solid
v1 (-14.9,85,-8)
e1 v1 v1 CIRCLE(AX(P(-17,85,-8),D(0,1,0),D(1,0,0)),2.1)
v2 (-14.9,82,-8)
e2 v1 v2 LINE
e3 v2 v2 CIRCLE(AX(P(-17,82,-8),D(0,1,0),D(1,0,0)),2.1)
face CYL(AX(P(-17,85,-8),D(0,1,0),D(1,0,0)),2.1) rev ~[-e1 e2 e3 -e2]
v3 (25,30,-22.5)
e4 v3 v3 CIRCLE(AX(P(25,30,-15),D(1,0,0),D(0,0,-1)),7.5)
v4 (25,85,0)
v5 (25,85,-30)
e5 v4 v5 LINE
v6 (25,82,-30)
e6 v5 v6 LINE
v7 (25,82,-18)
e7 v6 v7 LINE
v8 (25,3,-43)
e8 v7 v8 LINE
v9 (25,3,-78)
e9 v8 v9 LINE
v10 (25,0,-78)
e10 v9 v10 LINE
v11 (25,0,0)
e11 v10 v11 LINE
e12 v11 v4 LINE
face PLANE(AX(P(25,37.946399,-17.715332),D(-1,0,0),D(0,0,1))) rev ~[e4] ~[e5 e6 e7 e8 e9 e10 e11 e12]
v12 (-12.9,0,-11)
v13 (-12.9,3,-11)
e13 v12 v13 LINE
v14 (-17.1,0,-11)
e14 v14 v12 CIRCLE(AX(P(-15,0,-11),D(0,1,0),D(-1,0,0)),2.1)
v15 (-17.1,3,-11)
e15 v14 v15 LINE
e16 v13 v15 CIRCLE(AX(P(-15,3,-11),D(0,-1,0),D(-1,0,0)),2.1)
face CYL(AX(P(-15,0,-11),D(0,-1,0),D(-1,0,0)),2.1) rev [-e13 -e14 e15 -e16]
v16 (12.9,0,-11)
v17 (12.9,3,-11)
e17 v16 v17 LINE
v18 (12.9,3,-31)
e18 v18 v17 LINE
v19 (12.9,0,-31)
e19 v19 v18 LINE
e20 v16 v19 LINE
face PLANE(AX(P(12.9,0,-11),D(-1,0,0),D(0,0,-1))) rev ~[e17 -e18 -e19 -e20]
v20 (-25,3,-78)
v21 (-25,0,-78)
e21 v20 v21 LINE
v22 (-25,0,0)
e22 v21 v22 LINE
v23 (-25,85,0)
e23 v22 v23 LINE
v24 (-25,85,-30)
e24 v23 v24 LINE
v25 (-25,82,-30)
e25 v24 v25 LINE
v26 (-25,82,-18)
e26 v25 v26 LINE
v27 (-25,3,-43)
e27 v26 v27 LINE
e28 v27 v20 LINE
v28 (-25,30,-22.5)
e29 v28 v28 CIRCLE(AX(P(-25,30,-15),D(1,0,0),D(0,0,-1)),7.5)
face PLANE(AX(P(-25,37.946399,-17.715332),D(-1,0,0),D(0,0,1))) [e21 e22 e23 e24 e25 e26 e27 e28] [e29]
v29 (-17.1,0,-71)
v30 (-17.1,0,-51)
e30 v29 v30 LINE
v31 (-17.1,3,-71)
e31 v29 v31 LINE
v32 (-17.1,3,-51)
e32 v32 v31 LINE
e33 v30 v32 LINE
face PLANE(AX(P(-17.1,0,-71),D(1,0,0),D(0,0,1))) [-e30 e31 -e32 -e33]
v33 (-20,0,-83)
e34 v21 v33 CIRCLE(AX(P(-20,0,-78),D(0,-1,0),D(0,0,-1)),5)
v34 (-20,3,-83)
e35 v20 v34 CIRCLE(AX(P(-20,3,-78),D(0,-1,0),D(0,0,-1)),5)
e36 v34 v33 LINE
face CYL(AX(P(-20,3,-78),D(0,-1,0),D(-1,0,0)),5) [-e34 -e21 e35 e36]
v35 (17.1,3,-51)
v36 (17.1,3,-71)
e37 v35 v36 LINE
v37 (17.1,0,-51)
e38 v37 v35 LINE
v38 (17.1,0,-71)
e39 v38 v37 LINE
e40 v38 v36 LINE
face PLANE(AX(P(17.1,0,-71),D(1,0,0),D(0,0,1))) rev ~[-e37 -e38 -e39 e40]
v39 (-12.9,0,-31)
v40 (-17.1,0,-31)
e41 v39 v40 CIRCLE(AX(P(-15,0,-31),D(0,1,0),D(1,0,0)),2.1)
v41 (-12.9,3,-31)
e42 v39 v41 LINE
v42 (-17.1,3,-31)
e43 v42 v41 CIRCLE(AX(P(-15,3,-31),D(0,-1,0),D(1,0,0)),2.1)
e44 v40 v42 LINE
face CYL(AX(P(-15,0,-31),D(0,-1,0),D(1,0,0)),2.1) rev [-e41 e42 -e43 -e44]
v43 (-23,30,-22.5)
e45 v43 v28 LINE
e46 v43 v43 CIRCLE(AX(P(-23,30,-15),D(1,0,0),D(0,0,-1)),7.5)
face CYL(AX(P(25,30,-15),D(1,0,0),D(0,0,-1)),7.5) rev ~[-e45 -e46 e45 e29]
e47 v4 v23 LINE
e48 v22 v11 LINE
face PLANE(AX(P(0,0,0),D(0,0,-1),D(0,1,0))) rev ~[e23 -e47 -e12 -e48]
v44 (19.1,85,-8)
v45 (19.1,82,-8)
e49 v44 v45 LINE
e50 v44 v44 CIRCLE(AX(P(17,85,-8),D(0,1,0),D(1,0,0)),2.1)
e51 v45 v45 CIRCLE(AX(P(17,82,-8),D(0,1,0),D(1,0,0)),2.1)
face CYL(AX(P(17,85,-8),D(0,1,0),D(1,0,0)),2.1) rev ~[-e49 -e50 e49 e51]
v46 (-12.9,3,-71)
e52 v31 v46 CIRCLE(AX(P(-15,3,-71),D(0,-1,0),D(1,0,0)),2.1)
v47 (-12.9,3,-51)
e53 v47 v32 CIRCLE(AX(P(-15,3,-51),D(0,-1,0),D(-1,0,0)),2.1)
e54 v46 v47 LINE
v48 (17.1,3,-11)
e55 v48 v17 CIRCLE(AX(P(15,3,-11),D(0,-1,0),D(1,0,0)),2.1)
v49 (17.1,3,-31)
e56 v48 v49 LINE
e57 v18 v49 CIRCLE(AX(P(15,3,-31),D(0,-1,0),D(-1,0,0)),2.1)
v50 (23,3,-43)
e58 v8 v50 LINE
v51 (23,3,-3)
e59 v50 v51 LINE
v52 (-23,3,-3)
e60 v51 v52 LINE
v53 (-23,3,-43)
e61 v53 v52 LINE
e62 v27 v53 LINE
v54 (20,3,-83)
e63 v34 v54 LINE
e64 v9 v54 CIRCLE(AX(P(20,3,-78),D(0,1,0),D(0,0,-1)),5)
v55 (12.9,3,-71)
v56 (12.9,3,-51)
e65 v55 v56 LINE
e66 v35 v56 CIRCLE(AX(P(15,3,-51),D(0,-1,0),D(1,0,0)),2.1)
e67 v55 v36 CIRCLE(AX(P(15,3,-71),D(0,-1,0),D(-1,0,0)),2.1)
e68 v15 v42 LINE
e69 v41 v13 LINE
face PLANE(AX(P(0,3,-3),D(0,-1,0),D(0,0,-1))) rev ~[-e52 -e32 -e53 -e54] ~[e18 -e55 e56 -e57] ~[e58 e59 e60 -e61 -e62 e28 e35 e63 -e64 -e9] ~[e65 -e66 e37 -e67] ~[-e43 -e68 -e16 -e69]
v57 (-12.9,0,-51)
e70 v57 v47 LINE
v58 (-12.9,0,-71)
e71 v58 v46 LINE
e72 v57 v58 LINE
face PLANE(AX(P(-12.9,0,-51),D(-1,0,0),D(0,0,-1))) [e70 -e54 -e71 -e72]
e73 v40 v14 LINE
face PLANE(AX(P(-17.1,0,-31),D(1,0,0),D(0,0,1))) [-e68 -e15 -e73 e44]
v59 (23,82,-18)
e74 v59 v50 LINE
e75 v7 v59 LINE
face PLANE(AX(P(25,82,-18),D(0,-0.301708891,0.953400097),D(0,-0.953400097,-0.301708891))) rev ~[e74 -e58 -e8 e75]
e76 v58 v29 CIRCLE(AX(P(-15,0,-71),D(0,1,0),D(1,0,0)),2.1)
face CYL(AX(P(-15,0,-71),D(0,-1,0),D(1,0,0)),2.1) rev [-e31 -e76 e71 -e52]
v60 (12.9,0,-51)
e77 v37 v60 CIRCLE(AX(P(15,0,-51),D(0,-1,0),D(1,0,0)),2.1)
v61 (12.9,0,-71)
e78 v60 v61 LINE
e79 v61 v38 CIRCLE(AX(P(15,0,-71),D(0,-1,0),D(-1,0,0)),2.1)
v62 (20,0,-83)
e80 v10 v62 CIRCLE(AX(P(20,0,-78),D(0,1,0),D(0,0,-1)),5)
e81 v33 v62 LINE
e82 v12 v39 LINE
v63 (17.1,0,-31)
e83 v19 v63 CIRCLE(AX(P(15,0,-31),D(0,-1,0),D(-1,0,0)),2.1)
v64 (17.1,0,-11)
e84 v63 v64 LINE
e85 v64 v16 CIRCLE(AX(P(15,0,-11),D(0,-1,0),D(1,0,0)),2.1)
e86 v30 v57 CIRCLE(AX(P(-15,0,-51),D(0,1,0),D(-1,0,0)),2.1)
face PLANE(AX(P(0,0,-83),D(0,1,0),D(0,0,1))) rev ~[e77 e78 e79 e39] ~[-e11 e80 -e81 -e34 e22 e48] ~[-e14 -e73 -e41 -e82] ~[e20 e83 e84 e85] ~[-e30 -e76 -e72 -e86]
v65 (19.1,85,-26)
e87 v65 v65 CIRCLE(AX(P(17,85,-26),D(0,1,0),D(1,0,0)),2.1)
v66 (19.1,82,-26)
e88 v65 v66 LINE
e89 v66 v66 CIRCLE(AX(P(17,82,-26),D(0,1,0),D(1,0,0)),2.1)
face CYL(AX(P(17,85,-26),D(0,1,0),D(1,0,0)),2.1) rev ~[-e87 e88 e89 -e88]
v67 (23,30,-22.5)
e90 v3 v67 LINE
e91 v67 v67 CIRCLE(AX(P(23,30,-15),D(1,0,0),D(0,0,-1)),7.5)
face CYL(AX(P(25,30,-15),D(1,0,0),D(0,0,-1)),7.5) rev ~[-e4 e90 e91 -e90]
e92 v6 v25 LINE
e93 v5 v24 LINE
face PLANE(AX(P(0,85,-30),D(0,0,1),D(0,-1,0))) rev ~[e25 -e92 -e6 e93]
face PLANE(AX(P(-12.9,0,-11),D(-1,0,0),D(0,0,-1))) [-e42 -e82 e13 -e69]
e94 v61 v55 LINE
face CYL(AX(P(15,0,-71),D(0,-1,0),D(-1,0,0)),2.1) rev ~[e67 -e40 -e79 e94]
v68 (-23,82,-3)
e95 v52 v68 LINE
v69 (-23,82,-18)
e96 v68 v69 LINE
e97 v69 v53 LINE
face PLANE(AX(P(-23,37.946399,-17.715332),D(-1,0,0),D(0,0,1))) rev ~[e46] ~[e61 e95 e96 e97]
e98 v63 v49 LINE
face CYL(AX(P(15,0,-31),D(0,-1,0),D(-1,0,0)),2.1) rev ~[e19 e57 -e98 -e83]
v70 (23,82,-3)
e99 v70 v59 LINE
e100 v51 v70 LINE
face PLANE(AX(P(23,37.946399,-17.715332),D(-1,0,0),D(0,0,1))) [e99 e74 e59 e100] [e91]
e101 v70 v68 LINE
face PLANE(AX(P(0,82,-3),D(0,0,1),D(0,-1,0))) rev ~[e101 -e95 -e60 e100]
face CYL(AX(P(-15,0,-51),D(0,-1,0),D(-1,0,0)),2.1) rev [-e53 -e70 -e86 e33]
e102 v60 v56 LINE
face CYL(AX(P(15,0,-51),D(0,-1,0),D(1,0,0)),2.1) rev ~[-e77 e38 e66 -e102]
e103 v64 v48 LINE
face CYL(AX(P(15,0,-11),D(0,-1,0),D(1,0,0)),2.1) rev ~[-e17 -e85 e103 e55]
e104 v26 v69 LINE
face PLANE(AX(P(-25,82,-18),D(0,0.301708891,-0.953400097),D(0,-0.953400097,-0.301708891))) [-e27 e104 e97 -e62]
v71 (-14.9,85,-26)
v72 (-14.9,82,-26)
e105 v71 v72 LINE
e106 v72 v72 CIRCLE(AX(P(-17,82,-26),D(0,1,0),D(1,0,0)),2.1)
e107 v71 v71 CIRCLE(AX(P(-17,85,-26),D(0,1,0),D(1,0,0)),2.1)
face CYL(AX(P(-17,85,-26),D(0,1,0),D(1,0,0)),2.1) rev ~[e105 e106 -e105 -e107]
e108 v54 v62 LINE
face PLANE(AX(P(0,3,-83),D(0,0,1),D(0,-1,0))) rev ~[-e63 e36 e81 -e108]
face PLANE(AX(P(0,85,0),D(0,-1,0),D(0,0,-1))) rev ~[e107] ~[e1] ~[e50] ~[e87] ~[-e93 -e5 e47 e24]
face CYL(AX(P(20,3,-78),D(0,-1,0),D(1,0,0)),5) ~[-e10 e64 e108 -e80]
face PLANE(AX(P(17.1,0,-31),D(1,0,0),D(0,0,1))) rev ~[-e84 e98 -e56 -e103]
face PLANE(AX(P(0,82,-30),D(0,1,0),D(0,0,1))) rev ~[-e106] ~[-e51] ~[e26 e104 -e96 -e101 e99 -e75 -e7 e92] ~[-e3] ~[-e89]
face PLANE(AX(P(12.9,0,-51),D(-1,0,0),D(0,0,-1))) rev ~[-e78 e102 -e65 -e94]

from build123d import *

# Parameters (mm, degrees)
EXTRUDE_1_DEPTH     = 25
EXTRUDE_2_DEPTH     = 2
CUT_EXTRUDE_1_REACH = 87
SKETCH_4_R          = 2.1
CUT_EXTRUDE_2_REACH = 87
FILLET_1_R          = 5
EXTRUDE_3_DEPTH     = 2
SKETCH_7_R          = 7.5
CUT_EXTRUDE_3_DEPTH = 51


with BuildPart() as part:
    # 草图1 → 凸台-拉伸1 (new body, symmetric)
    with BuildSketch(Plane(origin=(0, 0, 0), x_dir=(0, 0, -1), z_dir=(1, 0, 0))):
        Polygon((0, 0), (0, 85), (30, 85), (30, 82), (3, 82), (3, 3), (83, 3), (83, 0), align=None)
    extrude(amount=EXTRUDE_1_DEPTH, both=True)

    # 草图2 → 凸台-拉伸2 (add)
    with BuildSketch(Plane(origin=(25, 0, 0), x_dir=(0, 0, -1), z_dir=(1, 0, 0))):
        Polygon((43, 3), (3, 3), (3, 82), (18, 82), align=None)
    extrude(amount=-EXTRUDE_2_DEPTH)

    # 草图4 → 切除-拉伸1 (cut, up to next)
    with BuildSketch(Plane(origin=(0, 85, 0), x_dir=(1, 0, 0), z_dir=(0, 1, 0)), mode=Mode.PRIVATE) as cut_extrude_1_sk1:
        with Locations((-17, 26)):
            Circle(SKETCH_4_R)
    cut_extrude_1_tool1 = extrude(cut_extrude_1_sk1.sketch, amount=-CUT_EXTRUDE_1_REACH, mode=Mode.PRIVATE) & part.part
    add(cut_extrude_1_tool1.solids().sort_by_distance((-17, 85, -26))[0], mode=Mode.SUBTRACT)
    # 草图4 → 切除-拉伸1 (cut, up to next)
    with BuildSketch(Plane(origin=(0, 85, 0), x_dir=(1, 0, 0), z_dir=(0, 1, 0)), mode=Mode.PRIVATE) as cut_extrude_1_sk2:
        with Locations((-17, 8)):
            Circle(SKETCH_4_R)
    cut_extrude_1_tool2 = extrude(cut_extrude_1_sk2.sketch, amount=-CUT_EXTRUDE_1_REACH, mode=Mode.PRIVATE) & part.part
    add(cut_extrude_1_tool2.solids().sort_by_distance((-17, 85, -8))[0], mode=Mode.SUBTRACT)
    # 草图4 → 切除-拉伸1 (cut, up to next)
    with BuildSketch(Plane(origin=(0, 85, 0), x_dir=(1, 0, 0), z_dir=(0, 1, 0)), mode=Mode.PRIVATE) as cut_extrude_1_sk3:
        with Locations((17, 8)):
            Circle(SKETCH_4_R)
    cut_extrude_1_tool3 = extrude(cut_extrude_1_sk3.sketch, amount=-CUT_EXTRUDE_1_REACH, mode=Mode.PRIVATE) & part.part
    add(cut_extrude_1_tool3.solids().sort_by_distance((17, 85, -8))[0], mode=Mode.SUBTRACT)
    # 草图4 → 切除-拉伸1 (cut, up to next)
    with BuildSketch(Plane(origin=(0, 85, 0), x_dir=(1, 0, 0), z_dir=(0, 1, 0)), mode=Mode.PRIVATE) as cut_extrude_1_sk4:
        with Locations((17, 26)):
            Circle(SKETCH_4_R)
    cut_extrude_1_tool4 = extrude(cut_extrude_1_sk4.sketch, amount=-CUT_EXTRUDE_1_REACH, mode=Mode.PRIVATE) & part.part
    add(cut_extrude_1_tool4.solids().sort_by_distance((17, 85, -26))[0], mode=Mode.SUBTRACT)

    # 草图5 → 切除-拉伸2 (cut, up to next)
    with BuildSketch(Plane.XZ, mode=Mode.PRIVATE) as cut_extrude_2_sk1:
        with BuildLine():
            Line((-12.9, -11), (-12.9, -31))
            ThreePointArc((-12.9, -31), (-15, -33.1), (-17.1, -31))
            Line((-17.1, -31), (-17.1, -11))
            ThreePointArc((-17.1, -11), (-15, -8.9), (-12.9, -11))
        make_face()
    cut_extrude_2_tool1 = extrude(cut_extrude_2_sk1.sketch, amount=-CUT_EXTRUDE_2_REACH, mode=Mode.PRIVATE) & part.part
    add(cut_extrude_2_tool1.solids().sort_by_distance((-15, 0, -21))[0], mode=Mode.SUBTRACT)
    # 草图5 → 切除-拉伸2 (cut, up to next)
    with BuildSketch(Plane.XZ, mode=Mode.PRIVATE) as cut_extrude_2_sk2:
        with BuildLine():
            Line((-12.9, -51), (-12.9, -71))
            ThreePointArc((-12.9, -71), (-15, -73.1), (-17.1, -71))
            Line((-17.1, -71), (-17.1, -51))
            ThreePointArc((-17.1, -51), (-15, -48.9), (-12.9, -51))
        make_face()
    cut_extrude_2_tool2 = extrude(cut_extrude_2_sk2.sketch, amount=-CUT_EXTRUDE_2_REACH, mode=Mode.PRIVATE) & part.part
    add(cut_extrude_2_tool2.solids().sort_by_distance((-15, 0, -61))[0], mode=Mode.SUBTRACT)
    # 草图5 → 切除-拉伸2 (cut, up to next)
    with BuildSketch(Plane.XZ, mode=Mode.PRIVATE) as cut_extrude_2_sk3:
        with BuildLine():
            Line((12.9, -51), (12.9, -71))
            ThreePointArc((12.9, -71), (15, -73.1), (17.1, -71))
            Line((17.1, -71), (17.1, -51))
            ThreePointArc((17.1, -51), (15, -48.9), (12.9, -51))
        make_face()
    cut_extrude_2_tool3 = extrude(cut_extrude_2_sk3.sketch, amount=-CUT_EXTRUDE_2_REACH, mode=Mode.PRIVATE) & part.part
    add(cut_extrude_2_tool3.solids().sort_by_distance((15, 0, -61))[0], mode=Mode.SUBTRACT)
    # 草图5 → 切除-拉伸2 (cut, up to next)
    with BuildSketch(Plane.XZ, mode=Mode.PRIVATE) as cut_extrude_2_sk4:
        with BuildLine():
            Line((12.9, -11), (12.9, -31))
            ThreePointArc((12.9, -31), (15, -33.1), (17.1, -31))
            Line((17.1, -31), (17.1, -11))
            ThreePointArc((17.1, -11), (15, -8.9), (12.9, -11))
        make_face()
    cut_extrude_2_tool4 = extrude(cut_extrude_2_sk4.sketch, amount=-CUT_EXTRUDE_2_REACH, mode=Mode.PRIVATE) & part.part
    add(cut_extrude_2_tool4.solids().sort_by_distance((15, 0, -21))[0], mode=Mode.SUBTRACT)

    # 圆角1
    fillet_1_edges = [part.edges().sort_by_distance(p)[0] for p in [
        (-25, 1.5, -83),
        (25, 1.5, -83),
    ]]
    fillet(fillet_1_edges, radius=FILLET_1_R)

    # 草图6 → 凸台-拉伸3 (add)
    with BuildSketch(Plane.ZY.offset(25)):
        Polygon((-43, 3), (-3, 3), (-3, 82), (-18, 82), align=None)
    extrude(amount=-EXTRUDE_3_DEPTH)

    # 草图7 → 切除-拉伸3 (cut, through all)
    with BuildSketch(Plane(origin=(25, 0, 0), x_dir=(0, 0, -1), z_dir=(1, 0, 0))):
        with Locations((15, 30)):
            Circle(SKETCH_7_R)
    extrude(amount=-CUT_EXTRUDE_3_DEPTH, mode=Mode.SUBTRACT)


solid = part.part
